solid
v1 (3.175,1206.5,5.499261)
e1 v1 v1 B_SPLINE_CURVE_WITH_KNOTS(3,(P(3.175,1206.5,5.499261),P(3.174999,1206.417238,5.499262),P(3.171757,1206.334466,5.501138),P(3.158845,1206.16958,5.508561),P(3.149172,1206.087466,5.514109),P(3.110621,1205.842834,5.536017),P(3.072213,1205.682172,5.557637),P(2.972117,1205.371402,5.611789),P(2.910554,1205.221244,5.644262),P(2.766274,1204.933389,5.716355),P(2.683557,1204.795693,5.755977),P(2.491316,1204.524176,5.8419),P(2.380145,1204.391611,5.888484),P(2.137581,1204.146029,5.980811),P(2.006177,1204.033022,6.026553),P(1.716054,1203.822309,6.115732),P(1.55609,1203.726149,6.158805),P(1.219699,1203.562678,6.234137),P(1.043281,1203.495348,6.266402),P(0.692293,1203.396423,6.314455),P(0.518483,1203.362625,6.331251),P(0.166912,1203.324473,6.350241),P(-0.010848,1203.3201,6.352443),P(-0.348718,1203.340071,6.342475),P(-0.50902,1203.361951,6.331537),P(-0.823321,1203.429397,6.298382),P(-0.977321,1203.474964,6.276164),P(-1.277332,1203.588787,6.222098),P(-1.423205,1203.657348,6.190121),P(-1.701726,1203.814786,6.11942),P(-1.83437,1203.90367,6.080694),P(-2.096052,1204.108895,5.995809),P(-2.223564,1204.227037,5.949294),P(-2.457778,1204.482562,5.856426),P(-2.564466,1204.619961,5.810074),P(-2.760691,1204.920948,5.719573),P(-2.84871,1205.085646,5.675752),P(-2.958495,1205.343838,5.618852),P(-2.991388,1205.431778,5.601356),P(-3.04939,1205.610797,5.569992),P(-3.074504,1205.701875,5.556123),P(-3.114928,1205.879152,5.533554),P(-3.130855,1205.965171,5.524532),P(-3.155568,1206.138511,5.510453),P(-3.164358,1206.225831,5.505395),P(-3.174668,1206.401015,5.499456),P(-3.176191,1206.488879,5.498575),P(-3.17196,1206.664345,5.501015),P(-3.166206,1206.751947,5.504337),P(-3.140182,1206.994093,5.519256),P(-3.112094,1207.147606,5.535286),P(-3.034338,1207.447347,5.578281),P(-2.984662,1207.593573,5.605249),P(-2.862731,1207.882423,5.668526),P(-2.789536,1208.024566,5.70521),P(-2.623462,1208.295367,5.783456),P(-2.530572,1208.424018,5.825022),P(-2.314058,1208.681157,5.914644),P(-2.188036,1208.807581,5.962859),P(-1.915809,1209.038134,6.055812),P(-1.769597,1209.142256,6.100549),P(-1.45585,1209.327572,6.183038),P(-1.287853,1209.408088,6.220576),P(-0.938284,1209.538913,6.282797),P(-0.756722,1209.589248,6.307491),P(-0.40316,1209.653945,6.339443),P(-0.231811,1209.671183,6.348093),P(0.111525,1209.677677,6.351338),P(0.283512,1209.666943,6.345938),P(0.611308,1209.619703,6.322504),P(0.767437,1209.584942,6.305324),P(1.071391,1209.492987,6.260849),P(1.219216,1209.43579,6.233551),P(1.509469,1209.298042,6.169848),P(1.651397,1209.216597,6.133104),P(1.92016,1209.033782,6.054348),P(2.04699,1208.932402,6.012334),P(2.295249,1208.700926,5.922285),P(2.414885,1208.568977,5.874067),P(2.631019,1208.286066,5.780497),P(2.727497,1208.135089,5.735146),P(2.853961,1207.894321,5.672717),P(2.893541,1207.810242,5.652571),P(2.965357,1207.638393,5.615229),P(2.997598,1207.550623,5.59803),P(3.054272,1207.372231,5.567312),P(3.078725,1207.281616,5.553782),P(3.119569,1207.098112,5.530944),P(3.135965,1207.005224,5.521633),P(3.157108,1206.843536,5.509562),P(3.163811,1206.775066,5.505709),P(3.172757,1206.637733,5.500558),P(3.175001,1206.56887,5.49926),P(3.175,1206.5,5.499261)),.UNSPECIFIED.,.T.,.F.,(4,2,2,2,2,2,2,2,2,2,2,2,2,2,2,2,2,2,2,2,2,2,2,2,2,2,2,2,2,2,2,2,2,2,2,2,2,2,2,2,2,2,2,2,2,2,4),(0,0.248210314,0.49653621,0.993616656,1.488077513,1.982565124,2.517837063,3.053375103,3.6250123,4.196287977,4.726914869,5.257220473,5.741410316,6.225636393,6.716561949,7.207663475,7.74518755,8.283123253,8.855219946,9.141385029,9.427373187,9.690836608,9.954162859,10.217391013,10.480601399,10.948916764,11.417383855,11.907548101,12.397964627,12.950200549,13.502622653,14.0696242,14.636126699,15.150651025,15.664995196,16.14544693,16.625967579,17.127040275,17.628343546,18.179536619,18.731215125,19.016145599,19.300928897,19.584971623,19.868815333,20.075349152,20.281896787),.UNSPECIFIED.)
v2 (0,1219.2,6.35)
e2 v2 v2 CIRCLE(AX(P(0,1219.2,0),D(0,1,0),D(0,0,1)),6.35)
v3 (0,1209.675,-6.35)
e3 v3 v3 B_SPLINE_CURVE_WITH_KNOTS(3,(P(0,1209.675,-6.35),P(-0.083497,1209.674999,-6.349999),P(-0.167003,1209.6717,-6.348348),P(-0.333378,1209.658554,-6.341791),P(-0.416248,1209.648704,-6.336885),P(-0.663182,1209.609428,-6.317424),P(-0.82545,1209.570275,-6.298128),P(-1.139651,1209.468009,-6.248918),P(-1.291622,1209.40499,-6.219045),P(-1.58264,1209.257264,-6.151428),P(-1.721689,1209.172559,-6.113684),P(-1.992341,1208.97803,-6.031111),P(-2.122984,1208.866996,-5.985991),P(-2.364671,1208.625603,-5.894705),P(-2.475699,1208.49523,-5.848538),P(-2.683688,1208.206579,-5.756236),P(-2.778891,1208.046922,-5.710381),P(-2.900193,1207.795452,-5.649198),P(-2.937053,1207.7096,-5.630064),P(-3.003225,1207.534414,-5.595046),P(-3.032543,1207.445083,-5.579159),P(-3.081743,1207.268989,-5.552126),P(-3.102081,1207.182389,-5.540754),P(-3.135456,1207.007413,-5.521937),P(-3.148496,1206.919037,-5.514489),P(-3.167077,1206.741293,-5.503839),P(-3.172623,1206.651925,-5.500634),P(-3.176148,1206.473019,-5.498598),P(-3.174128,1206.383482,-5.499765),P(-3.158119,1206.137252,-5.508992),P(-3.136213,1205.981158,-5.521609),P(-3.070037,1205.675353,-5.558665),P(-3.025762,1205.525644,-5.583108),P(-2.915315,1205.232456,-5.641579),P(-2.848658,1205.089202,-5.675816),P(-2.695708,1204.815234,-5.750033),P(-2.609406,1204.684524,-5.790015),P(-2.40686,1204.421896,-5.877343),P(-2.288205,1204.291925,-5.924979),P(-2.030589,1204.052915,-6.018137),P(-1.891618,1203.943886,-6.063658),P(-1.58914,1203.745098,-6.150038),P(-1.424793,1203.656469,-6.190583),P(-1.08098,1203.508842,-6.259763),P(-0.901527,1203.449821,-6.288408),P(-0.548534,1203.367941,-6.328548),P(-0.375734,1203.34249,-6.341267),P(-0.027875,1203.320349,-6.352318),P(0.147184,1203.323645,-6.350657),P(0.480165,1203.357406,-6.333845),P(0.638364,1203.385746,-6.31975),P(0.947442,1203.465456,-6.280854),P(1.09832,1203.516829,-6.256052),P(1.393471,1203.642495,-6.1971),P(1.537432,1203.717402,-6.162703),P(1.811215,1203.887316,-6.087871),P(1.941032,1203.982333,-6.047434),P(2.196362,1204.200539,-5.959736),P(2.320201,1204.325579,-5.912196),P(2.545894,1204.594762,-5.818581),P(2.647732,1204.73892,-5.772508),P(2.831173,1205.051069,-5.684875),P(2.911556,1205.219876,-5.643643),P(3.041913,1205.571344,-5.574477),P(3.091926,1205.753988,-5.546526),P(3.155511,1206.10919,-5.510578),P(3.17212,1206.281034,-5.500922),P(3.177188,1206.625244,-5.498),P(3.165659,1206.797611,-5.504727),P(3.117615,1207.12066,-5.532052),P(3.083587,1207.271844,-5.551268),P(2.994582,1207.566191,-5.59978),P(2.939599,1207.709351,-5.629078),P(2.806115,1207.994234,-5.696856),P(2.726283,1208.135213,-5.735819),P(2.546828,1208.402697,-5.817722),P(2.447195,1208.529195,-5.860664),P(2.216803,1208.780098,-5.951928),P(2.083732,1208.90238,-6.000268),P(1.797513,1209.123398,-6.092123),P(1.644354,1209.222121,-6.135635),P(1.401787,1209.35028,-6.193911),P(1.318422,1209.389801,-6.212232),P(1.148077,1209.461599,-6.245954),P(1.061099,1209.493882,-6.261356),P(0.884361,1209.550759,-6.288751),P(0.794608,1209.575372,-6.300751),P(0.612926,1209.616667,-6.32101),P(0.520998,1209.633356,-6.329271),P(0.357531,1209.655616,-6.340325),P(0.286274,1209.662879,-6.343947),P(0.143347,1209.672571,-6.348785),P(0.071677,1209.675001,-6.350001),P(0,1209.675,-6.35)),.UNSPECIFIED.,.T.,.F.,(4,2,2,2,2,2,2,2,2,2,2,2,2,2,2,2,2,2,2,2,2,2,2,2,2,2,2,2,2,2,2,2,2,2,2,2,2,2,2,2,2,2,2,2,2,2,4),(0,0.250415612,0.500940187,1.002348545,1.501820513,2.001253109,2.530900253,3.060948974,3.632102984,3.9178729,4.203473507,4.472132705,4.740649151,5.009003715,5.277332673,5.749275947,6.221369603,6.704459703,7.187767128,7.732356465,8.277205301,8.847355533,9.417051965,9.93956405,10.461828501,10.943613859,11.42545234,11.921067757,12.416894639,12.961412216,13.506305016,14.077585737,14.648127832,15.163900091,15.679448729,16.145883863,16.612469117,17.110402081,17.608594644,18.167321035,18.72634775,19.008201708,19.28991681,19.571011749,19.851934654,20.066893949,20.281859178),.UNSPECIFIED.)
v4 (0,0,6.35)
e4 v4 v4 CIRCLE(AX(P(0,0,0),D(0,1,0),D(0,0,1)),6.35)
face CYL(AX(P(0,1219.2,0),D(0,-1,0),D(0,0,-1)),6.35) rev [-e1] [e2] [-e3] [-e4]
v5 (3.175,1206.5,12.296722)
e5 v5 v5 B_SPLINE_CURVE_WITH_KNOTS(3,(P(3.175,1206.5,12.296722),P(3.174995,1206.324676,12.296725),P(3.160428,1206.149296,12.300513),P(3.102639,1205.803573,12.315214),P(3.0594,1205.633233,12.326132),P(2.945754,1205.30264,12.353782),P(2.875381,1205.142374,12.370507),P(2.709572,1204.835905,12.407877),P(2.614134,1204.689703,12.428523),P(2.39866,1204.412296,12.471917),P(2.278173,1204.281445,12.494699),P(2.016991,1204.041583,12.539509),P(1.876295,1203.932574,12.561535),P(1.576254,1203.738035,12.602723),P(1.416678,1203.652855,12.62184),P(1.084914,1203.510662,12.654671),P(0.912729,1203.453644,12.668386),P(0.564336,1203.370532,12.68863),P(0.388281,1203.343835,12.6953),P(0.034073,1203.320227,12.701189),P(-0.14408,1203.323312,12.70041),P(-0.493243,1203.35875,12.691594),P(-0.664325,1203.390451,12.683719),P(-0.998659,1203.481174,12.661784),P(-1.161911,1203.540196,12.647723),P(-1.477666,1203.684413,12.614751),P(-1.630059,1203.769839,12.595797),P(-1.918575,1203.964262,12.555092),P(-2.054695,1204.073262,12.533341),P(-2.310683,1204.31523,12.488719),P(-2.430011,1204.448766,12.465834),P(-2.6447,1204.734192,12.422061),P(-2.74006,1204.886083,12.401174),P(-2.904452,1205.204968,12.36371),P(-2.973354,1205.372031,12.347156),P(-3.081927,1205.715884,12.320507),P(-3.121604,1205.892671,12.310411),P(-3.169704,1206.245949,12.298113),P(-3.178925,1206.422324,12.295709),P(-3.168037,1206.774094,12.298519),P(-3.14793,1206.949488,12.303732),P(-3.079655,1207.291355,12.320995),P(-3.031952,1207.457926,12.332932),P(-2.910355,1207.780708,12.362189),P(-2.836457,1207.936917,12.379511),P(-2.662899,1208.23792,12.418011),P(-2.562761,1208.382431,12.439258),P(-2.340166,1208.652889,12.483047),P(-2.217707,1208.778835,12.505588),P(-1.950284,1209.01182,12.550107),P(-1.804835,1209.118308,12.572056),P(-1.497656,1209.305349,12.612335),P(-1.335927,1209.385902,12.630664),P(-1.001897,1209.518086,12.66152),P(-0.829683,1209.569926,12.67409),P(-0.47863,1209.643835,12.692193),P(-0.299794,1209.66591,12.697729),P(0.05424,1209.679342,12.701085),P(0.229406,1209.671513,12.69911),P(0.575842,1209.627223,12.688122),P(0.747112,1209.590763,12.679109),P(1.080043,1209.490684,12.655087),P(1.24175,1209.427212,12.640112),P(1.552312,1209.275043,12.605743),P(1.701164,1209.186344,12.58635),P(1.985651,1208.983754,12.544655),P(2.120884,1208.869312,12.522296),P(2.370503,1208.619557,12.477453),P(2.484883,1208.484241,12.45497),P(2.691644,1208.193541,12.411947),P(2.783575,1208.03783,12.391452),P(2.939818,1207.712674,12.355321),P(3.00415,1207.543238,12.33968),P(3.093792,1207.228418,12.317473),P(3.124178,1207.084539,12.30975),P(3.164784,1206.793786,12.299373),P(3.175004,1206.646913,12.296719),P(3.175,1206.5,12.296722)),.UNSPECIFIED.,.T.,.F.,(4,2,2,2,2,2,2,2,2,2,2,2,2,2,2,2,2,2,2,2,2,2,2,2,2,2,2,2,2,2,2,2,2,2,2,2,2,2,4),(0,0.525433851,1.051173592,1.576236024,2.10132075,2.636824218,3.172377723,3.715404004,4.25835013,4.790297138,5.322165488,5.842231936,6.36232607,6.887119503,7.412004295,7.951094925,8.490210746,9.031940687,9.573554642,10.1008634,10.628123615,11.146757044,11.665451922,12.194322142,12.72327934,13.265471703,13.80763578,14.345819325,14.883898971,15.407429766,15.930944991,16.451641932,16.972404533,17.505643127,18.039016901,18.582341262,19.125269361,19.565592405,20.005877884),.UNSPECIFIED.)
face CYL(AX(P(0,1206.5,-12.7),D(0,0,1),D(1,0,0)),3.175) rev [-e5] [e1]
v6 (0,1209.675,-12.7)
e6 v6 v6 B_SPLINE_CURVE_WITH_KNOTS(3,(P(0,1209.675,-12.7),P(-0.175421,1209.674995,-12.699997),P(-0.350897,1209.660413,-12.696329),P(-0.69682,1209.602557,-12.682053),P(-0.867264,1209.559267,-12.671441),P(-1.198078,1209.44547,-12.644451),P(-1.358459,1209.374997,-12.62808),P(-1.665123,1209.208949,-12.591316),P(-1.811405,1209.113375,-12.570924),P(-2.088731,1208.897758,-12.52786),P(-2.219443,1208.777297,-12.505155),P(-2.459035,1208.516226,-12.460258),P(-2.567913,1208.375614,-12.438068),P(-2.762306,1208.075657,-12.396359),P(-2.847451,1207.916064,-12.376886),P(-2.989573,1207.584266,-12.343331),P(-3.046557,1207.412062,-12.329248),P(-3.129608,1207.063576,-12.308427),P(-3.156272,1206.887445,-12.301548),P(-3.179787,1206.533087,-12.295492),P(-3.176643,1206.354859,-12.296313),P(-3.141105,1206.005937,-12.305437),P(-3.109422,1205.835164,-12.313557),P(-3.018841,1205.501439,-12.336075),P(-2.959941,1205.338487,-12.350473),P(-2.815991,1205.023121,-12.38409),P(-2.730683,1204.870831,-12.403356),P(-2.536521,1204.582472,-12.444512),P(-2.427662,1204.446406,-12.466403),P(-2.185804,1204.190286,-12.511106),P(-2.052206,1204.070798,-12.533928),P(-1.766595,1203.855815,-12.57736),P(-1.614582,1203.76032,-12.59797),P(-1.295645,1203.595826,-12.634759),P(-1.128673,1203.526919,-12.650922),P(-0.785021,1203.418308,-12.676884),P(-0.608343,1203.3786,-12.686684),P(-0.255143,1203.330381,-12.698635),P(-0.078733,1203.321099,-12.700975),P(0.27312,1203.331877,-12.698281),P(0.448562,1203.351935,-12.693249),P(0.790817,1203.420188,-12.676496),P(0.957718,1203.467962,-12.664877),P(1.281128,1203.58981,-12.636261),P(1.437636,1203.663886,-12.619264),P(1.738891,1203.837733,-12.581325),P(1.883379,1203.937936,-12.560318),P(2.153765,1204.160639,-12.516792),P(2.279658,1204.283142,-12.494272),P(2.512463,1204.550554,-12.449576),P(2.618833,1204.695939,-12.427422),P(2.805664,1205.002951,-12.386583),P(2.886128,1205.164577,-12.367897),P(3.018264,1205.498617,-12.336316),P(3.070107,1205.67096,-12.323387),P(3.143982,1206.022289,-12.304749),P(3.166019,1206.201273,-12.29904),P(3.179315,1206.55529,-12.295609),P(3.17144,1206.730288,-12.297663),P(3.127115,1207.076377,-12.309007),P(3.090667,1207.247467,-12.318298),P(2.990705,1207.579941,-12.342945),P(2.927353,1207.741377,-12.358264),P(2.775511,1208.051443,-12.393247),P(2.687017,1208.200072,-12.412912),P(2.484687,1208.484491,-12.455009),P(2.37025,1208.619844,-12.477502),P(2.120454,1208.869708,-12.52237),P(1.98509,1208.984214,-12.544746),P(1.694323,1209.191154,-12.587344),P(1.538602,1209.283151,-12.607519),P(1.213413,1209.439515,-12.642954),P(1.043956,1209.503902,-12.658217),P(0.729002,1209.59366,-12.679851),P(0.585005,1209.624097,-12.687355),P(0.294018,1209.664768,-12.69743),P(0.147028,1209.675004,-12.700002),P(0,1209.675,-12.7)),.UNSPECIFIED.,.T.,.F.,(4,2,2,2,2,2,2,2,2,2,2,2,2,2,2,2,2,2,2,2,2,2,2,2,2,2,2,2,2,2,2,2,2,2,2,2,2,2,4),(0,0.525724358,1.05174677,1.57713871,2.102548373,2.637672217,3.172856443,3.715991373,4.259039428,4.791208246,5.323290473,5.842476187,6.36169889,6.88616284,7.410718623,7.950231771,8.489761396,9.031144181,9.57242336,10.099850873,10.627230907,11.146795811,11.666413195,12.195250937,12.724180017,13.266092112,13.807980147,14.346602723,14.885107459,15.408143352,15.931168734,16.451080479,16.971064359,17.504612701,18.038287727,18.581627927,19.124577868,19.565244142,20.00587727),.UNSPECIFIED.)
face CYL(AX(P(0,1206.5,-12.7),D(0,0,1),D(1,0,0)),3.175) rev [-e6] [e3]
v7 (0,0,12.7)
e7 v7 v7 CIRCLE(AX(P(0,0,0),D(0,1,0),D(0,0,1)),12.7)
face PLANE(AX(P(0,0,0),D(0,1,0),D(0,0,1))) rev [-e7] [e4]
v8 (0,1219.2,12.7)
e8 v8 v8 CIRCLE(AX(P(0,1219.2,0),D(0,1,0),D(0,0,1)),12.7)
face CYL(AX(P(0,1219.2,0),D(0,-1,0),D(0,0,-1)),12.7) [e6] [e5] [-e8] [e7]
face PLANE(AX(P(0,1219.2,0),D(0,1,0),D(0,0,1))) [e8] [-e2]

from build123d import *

# Parameters (mm, degrees)
SKETCH1_R           = 12.7
SKETCH1_R_2         = 6.35
BOSS_EXTRUDE2_DEPTH = 1219.2
SKETCH2_R           = 3.175
CUT_EXTRUDE1_DEPTH  = 39.1


with BuildPart() as part:
    # Sketch1 → Boss-Extrude2 (new body)
    with BuildSketch(Plane(origin=(0, 0, 0), x_dir=(1, 0, 0), z_dir=(0, 1, 0))):
        Circle(SKETCH1_R)
        Circle(SKETCH1_R_2, mode=Mode.SUBTRACT)
    extrude(amount=BOSS_EXTRUDE2_DEPTH)

    # Sketch2 → Cut-Extrude1 (cut, through all)
    with BuildSketch(Plane.XY.offset(25.4)):
        with Locations((0, 1206.5)):
            Circle(SKETCH2_R)
    extrude(amount=-CUT_EXTRUDE1_DEPTH, mode=Mode.SUBTRACT)


solid = part.part
